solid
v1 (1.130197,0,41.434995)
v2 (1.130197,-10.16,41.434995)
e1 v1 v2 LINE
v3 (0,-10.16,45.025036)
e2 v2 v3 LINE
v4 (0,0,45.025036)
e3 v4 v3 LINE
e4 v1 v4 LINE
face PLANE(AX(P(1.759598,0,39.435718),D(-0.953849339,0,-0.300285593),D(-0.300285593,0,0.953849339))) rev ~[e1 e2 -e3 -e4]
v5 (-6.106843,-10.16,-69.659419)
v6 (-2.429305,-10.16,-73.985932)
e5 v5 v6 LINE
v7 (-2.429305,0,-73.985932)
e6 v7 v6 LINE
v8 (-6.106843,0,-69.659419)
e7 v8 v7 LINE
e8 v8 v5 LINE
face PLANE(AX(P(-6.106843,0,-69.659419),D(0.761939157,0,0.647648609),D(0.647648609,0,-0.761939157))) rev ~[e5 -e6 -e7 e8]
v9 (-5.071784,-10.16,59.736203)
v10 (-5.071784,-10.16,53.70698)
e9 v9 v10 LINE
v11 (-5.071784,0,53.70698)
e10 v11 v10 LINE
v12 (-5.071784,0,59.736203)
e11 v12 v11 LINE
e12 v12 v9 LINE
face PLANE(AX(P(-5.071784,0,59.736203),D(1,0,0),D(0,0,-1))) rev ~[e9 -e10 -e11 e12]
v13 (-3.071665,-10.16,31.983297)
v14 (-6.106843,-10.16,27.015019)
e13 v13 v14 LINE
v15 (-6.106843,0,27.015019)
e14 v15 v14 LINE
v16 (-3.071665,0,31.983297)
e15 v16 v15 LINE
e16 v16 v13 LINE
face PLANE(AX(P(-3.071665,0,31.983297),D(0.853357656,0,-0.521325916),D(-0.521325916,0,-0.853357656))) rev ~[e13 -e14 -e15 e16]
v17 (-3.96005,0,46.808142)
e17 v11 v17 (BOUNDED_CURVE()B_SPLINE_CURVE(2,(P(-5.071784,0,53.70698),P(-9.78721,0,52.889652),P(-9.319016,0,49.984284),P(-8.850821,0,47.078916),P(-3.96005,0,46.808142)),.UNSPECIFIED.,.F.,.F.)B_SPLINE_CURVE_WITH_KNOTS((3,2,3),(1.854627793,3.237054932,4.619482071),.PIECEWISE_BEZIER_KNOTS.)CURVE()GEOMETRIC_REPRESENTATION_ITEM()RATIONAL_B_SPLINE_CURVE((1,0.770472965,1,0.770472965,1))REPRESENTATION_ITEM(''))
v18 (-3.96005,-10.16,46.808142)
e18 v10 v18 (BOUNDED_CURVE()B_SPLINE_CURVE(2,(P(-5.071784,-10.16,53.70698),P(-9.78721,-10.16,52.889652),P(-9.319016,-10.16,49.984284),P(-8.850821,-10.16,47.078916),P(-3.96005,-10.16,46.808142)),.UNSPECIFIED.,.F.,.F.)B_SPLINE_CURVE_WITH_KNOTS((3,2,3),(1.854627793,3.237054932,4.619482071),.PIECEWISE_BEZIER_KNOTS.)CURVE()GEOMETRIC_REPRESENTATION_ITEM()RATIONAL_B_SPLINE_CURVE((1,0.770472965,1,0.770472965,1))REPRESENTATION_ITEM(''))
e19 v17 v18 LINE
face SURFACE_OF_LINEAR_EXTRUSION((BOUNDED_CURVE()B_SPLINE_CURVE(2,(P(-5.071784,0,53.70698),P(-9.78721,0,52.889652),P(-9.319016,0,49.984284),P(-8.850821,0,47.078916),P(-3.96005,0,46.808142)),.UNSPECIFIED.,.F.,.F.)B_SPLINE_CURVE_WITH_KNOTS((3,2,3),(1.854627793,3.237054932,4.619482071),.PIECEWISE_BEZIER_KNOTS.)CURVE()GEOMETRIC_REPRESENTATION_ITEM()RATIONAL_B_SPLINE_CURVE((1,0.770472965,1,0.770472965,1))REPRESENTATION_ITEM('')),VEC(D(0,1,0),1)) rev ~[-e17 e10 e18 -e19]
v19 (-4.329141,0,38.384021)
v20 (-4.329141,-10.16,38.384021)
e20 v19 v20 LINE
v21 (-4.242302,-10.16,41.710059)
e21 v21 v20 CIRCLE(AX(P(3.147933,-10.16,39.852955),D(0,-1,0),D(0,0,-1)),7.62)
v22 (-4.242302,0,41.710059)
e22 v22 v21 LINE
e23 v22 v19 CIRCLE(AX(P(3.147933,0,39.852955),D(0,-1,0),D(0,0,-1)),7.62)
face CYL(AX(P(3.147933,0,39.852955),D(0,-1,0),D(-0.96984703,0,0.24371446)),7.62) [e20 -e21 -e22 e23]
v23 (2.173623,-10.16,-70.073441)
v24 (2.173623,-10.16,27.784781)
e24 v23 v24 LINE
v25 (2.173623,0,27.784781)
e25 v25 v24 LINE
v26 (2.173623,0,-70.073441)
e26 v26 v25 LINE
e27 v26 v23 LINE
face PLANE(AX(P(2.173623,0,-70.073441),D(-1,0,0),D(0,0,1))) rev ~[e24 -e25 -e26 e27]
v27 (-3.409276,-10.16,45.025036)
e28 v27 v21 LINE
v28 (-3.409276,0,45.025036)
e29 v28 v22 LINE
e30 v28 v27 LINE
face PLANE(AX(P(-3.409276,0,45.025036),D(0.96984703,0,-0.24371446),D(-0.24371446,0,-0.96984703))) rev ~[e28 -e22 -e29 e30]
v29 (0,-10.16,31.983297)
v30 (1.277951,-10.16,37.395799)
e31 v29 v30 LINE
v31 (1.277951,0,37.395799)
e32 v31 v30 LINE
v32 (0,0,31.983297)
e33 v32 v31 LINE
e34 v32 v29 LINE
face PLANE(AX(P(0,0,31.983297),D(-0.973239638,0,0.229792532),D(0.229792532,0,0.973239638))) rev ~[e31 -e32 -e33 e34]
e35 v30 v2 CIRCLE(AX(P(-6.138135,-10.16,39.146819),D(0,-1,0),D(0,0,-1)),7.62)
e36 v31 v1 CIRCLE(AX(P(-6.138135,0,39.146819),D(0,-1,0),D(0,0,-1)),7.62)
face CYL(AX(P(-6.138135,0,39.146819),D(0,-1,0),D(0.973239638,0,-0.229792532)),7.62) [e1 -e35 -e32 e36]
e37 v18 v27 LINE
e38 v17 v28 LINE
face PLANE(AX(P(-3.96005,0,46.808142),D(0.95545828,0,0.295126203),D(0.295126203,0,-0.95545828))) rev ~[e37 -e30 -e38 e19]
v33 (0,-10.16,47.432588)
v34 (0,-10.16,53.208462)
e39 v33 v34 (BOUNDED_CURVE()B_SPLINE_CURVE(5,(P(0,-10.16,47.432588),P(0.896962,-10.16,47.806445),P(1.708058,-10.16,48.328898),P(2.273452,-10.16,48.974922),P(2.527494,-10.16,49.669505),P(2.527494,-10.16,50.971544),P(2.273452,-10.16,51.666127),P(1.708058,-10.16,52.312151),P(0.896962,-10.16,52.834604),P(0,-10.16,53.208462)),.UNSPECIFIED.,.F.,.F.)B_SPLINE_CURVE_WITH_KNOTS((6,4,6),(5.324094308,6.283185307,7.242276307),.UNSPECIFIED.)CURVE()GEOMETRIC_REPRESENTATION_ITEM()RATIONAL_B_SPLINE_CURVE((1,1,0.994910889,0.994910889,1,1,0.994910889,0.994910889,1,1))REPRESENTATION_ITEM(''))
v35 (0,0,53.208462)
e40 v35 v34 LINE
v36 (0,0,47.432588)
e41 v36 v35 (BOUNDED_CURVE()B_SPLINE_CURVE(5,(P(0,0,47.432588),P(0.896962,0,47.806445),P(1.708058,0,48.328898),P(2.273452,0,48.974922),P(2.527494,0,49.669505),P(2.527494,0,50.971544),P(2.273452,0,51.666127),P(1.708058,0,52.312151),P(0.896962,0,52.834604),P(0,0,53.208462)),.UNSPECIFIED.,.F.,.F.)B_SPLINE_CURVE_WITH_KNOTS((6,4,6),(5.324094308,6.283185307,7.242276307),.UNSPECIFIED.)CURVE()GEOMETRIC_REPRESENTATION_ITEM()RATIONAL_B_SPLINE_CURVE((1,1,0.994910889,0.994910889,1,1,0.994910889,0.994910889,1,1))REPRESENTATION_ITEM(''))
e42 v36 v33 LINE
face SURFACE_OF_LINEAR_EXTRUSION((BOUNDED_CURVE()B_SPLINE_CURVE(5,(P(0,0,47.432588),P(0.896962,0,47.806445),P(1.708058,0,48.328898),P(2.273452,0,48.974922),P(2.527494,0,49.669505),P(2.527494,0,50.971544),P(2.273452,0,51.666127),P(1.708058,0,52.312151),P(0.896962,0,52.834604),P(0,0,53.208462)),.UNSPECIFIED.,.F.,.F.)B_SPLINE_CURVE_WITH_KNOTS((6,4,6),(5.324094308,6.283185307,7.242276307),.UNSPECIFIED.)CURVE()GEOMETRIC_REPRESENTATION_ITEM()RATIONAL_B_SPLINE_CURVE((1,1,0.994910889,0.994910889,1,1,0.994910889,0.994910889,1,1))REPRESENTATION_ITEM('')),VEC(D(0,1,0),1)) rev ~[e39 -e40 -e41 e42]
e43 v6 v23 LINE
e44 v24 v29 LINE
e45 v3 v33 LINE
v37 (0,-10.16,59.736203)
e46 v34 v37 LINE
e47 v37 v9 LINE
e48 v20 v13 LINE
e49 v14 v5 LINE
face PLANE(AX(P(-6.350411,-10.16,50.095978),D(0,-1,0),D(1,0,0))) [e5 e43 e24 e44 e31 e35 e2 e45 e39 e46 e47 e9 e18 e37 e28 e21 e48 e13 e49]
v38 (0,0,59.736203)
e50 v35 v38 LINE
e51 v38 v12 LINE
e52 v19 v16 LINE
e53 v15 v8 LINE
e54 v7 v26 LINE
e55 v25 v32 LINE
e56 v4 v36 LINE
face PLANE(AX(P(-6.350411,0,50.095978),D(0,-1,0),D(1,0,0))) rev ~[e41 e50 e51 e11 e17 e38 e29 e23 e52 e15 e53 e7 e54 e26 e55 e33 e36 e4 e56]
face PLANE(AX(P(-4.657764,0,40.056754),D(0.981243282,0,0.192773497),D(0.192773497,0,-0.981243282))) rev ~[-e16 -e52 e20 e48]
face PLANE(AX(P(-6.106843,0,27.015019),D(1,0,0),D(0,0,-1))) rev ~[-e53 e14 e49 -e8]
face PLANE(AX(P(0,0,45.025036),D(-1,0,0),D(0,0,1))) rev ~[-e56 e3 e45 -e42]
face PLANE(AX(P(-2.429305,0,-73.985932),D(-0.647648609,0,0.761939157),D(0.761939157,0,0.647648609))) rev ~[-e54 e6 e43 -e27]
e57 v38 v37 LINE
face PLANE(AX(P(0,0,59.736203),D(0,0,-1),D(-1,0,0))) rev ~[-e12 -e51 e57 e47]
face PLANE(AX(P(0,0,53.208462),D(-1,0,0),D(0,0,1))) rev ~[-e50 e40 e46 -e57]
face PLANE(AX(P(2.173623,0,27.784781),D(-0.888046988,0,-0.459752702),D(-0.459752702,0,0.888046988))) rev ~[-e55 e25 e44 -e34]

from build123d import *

# Parameters (mm, degrees)
F1_DEPTH = 10.16
F2_R     = 7.62


with BuildPart() as f1:
    # F0 (on Front) → F1 (new body)
    with BuildSketch(Plane.XZ):
        with BuildLine():
            Line((-3.9600496136, 46.8081421163), (-5.0717843696, 50.4073351622))
            Line((-5.0717843696, 50.4073351622), (-5.0717843696, 53.7069801957))
            add(Edge.make_bspline(
                [(-5.0717843696, 53.7069801957), (-9.7872101424, 52.8896516072), (-9.3190155615, 49.98428359), (-8.8508209805, 47.0789155728), (-3.9600496136, 46.8081421163)],
                knots=[1.8546277932, 1.8546277932, 1.8546277932, 3.237054932, 3.237054932, 4.6194820708, 4.6194820708, 4.6194820708], degree=2, weights=[1, 0.7704729652, 1, 0.7704729652, 1]))
        make_face()
        with BuildLine():
            Line((-5.0717843696, 53.7069801957), (-5.0717843696, 50.4073351622))
            Line((-5.0717843696, 50.4073351622), (-3.4092757851, 50.3205247223))
            Line((-3.4092757851, 50.3205247223), (0, 50.3205247223))
            Line((0, 50.3205247223), (0, 53.2084615699))
            add(Edge.make_bspline(
                [(0, 53.2084615699), (-2.3344082128, 54.1814518338), (-5.0717843696, 53.7069801957)],
                knots=[0.9590909996, 0.9590909996, 0.9590909996, 1.8546277932, 1.8546277932, 1.8546277932], degree=2, weights=[1, 0.9014155299, 1]))
        make_face()
        with BuildLine():
            Line((-3.4092757851, 50.3205247223), (-5.0717843696, 50.4073351622))
            Line((-5.0717843696, 50.4073351622), (-3.9600496136, 46.8081421163))
            add(Edge.make_bspline(
                [(-3.9600496136, 46.8081421163), (-1.7868441224, 46.6878244162), (0, 47.4325878748)],
                knots=[4.6194820708, 4.6194820708, 4.6194820708, 5.3240943076, 5.3240943076, 5.3240943076], degree=2, weights=[1, 0.9385794527, 1]))
            Line((0, 47.4325878748), (0, 50.3205247223))
            Line((0, 50.3205247223), (-3.4092757851, 50.3205247223))
        make_face()
        with BuildLine():
            Line((-5.0717843696, 57.2387203574), (-5.0717843696, 53.7069801957))
            add(Edge.make_bspline(
                [(0, 53.2084615699), (-2.3344082128, 54.1814518338), (-5.0717843696, 53.7069801957)],
                knots=[0.9590909996, 0.9590909996, 0.9590909996, 1.8546277932, 1.8546277932, 1.8546277932], degree=2, weights=[1, 0.9014155299, 1]))
            Line((0, 53.2084615699), (0, 57.2387203574))
            Line((0, 57.2387203574), (0, 59.7362034023))
            Line((0, 59.7362034023), (-5.0717843696, 59.7362034023))
            Line((-5.0717843696, 59.7362034023), (-5.0717843696, 57.2387203574))
        make_face()
        with BuildLine():
            add(Edge.make_bspline(
                [(-3.9600496136, 46.8081421163), (-1.7868441224, 46.6878244162), (0, 47.4325878748)],
                knots=[4.6194820708, 4.6194820708, 4.6194820708, 5.3240943076, 5.3240943076, 5.3240943076], degree=2, weights=[1, 0.9385794527, 1]))
            Line((-3.9600496136, 46.8081421163), (-3.4092757851, 45.0250357389))
            Line((-3.4092757851, 45.0250357389), (-4.6577635221, 40.0567539036))
            Line((-4.6577635221, 40.0567539036), (-3.0716650654, 31.9832973182))
            Line((-3.0716650654, 31.9832973182), (0, 31.9832973182))
            Line((0, 31.9832973182), (1.7595981481, 39.4357182086))
            Line((1.7595981481, 39.4357182086), (0, 45.0250357389))
            Line((0, 45.0250357389), (0, 47.4325878748))
        make_face()
        with BuildLine():
            add(Edge.make_bspline(
                [(2.5274944865, 50.3205247223), (2.5274944865, 52.1549922093), (0, 53.2084615699)],
                knots=[0, 0, 0, 0.9590909996, 0.9590909996, 0.9590909996], degree=2, weights=[1, 0.8872047099, 1]))
            Line((0, 53.2084615699), (0, 50.3205247223))
            Line((0, 50.3205247223), (0, 47.4325878748))
            add(Edge.make_bspline(
                [(0, 47.4325878748), (2.5274944865, 48.4860572353), (2.5274944865, 50.3205247223)],
                knots=[5.3240943076, 5.3240943076, 5.3240943076, 6.2831853072, 6.2831853072, 6.2831853072], degree=2, weights=[1, 0.8872047099, 1]))
        make_face()
        Polygon((0, 31.9832973182), (-3.0716650654, 31.9832973182), (-6.1068427749, 27.0150192082), (-6.1068427749, -69.6594193578), (-2.4293053522, -73.9859317972), (2.1736230701, -70.073440671), (2.1736230701, 27.7847805718), align=None)
    extrude(amount=F1_DEPTH)

    # F2
    f2_edges = [f1.edges().sort_by_distance(p)[0] for p in [
        (-4.657764, -5.08, 40.056754),
        (1.759598, -5.08, 39.435718),
    ]]
    fillet(f2_edges, radius=F2_R)


solid = f1.part
